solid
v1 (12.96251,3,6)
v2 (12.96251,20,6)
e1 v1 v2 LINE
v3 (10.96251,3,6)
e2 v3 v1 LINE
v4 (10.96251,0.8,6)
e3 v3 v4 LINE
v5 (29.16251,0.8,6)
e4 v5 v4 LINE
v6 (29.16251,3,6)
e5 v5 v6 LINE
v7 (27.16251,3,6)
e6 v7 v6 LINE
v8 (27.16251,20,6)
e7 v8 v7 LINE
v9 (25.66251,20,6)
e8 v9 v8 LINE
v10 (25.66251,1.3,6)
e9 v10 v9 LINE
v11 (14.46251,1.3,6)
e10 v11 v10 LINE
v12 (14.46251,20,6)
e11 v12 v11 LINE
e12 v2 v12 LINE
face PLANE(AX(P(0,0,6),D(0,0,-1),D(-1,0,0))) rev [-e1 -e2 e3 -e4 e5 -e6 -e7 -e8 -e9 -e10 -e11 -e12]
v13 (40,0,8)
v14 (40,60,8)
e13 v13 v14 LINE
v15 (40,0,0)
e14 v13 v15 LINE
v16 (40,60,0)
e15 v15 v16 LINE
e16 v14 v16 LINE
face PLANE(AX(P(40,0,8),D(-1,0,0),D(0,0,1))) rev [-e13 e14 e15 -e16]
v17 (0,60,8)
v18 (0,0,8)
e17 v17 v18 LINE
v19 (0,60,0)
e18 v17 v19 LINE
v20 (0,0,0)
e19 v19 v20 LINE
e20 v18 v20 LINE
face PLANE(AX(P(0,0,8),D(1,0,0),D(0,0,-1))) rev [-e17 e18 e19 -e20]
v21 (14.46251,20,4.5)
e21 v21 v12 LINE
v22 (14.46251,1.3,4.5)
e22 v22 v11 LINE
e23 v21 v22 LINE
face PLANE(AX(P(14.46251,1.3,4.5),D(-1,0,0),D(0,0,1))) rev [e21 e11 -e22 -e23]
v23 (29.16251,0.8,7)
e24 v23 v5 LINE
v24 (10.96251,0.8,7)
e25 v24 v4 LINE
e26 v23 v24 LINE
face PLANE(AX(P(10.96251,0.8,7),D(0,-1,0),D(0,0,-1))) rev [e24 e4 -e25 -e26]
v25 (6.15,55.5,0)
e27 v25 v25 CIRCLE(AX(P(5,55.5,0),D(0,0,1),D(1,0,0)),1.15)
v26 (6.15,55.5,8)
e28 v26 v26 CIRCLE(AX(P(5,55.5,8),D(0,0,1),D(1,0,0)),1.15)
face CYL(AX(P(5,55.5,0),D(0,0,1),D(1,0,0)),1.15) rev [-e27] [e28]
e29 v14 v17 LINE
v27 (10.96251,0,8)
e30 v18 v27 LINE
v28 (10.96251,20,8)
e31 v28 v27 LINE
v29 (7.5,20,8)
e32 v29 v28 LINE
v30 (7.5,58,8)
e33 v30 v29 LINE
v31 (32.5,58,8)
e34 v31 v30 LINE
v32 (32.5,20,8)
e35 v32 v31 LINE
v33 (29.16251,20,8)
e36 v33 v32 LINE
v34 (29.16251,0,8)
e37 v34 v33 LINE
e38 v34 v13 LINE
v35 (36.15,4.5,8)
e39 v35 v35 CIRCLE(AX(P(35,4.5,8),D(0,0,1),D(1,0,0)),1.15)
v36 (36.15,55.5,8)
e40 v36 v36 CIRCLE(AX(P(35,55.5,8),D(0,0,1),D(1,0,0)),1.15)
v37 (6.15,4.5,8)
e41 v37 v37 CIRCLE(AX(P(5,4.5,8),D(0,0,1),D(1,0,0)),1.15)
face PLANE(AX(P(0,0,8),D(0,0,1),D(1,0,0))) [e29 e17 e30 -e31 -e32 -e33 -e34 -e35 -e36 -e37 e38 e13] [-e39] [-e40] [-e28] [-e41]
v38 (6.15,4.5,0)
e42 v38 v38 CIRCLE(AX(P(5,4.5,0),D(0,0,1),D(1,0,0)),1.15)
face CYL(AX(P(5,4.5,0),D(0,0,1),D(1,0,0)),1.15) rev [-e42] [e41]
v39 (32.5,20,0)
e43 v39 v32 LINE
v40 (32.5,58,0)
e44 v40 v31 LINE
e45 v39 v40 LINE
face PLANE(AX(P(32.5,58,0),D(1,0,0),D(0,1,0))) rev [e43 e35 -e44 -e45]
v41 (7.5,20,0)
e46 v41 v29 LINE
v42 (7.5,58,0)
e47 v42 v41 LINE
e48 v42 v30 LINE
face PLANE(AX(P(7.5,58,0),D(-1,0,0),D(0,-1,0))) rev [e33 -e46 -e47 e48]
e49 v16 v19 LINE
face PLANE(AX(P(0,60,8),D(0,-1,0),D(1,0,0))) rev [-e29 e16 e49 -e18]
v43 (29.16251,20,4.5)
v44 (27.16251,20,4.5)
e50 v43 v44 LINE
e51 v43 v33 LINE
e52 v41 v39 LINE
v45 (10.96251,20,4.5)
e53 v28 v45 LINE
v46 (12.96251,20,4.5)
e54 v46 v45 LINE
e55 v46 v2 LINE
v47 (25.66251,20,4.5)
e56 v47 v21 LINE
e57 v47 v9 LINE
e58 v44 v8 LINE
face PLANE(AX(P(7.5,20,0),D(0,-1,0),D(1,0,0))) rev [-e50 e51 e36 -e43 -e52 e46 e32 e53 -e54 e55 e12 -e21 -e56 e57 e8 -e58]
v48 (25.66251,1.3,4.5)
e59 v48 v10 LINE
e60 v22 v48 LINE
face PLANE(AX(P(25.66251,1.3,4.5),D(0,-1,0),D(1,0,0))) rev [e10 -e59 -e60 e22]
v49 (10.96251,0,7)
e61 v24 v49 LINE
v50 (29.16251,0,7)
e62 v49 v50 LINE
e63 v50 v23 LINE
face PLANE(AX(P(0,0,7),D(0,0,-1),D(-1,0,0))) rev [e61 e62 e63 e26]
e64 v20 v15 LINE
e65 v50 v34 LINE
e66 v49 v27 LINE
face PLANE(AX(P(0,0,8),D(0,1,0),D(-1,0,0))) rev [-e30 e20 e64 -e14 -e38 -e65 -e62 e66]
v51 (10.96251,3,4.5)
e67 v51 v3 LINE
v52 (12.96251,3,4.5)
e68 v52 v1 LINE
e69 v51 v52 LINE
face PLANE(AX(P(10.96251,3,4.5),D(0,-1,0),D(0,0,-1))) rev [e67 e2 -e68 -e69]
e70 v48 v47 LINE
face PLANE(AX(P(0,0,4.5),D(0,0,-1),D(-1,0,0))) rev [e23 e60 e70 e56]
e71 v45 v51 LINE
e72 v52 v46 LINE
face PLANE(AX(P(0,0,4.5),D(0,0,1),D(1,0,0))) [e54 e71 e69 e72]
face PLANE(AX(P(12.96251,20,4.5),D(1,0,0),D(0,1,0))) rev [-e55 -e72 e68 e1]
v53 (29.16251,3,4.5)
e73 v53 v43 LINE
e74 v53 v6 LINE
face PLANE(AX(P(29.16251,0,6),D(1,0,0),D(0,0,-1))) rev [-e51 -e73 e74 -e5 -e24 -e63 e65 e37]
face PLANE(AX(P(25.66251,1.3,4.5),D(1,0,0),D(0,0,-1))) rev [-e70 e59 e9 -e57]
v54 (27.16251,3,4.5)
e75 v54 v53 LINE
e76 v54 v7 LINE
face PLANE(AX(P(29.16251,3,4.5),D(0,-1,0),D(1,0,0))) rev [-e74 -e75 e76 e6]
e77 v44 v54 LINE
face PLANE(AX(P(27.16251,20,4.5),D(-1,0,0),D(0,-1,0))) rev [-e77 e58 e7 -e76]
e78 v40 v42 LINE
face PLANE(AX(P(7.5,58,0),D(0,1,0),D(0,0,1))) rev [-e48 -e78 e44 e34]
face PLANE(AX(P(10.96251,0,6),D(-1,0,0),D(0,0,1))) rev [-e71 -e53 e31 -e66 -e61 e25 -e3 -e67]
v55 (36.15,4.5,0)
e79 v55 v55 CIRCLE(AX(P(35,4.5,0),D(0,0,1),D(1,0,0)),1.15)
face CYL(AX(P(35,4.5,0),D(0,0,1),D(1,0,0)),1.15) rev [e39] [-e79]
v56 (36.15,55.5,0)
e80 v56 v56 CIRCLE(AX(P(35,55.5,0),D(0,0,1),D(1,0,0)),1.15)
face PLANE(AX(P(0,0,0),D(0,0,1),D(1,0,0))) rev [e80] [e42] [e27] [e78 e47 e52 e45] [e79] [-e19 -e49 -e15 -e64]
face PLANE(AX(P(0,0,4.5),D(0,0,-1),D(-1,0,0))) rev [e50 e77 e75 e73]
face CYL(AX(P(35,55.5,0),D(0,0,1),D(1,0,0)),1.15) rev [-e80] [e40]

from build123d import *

# Parameters (mm, degrees)
SKETCH1_W           = 60
SKETCH1_H           = 40
BOSS_EXTRUDE1_DEPTH = 8
SKETCH3_R           = 1.15
CUT_EXTRUDE2_DEPTH  = 73.553428589
SKETCH7_W           = 25
SKETCH7_H           = 38
CUT_EXTRUDE6_DEPTH  = 73.553428589
SKETCH8_W           = 18.2
SKETCH8_H           = 45
CUT_EXTRUDE7_DEPTH  = 2
SKETCH9_W           = 2
SKETCH9_H           = 17
CUT_EXTRUDE8_DEPTH  = 1.5
SKETCH10_W          = 18.2
SKETCH10_H          = 0.8
BOSS_EXTRUDE2_DEPTH = 1
SKETCH11_W          = 11.2
SKETCH11_H          = 18.7
CUT_EXTRUDE9_DEPTH  = 1.5


with BuildPart() as part:
    # Sketch1 → Boss-Extrude1 (new body)
    with BuildSketch(Plane(origin=(0, 0, 0), x_dir=(0, 1, 0), z_dir=(0, 0, 1))):
        with Locations((30, -20)):
            Rectangle(SKETCH1_W, SKETCH1_H)
    extrude(amount=BOSS_EXTRUDE1_DEPTH)

    # Sketch3 → Cut-Extrude2 (cut, through all)
    with BuildSketch(Plane.XY.offset(8)):
        with Locations((5, 4.5)):
            Circle(SKETCH3_R)
        with Locations((35, 4.5)):
            Circle(SKETCH3_R)
        with Locations((5, 55.5)):
            Circle(SKETCH3_R)
        with Locations((35, 55.5)):
            Circle(SKETCH3_R)
    extrude(amount=-CUT_EXTRUDE2_DEPTH, mode=Mode.SUBTRACT)

    # Sketch7 → Cut-Extrude6 (cut, through all)
    with BuildSketch(Plane.XY.offset(8)):
        with Locations((20, 39)):
            Rectangle(SKETCH7_W, SKETCH7_H)
    extrude(amount=-CUT_EXTRUDE6_DEPTH, mode=Mode.SUBTRACT)

    # Sketch8 → Cut-Extrude7 (cut)
    with BuildSketch(Plane.XY.offset(8)):
        with Locations((20.062509857, 22.5)):
            Rectangle(SKETCH8_W, SKETCH8_H)
    extrude(amount=-CUT_EXTRUDE7_DEPTH, mode=Mode.SUBTRACT)

    # Sketch9 → Cut-Extrude8 (cut)
    with BuildSketch(Plane.XY.offset(6)):
        with Locations((11.962509857, 11.5)):
            Rectangle(SKETCH9_W, SKETCH9_H)
        with Locations((28.162509857, 11.5)):
            Rectangle(SKETCH9_W, SKETCH9_H)
    extrude(amount=-CUT_EXTRUDE8_DEPTH, mode=Mode.SUBTRACT)

    # Sketch10 → Boss-Extrude2 (add)
    with BuildSketch(Plane.XY.offset(6)):
        with Locations((20.062509857, 0.4)):
            Rectangle(SKETCH10_W, SKETCH10_H)
    extrude(amount=BOSS_EXTRUDE2_DEPTH)

    # Sketch11 → Cut-Extrude9 (cut)
    with BuildSketch(Plane.XY.offset(6)):
        with Locations((20.062509857, 10.65)):
            Rectangle(SKETCH11_W, SKETCH11_H)
    extrude(amount=-CUT_EXTRUDE9_DEPTH, mode=Mode.SUBTRACT)


solid = part.part
